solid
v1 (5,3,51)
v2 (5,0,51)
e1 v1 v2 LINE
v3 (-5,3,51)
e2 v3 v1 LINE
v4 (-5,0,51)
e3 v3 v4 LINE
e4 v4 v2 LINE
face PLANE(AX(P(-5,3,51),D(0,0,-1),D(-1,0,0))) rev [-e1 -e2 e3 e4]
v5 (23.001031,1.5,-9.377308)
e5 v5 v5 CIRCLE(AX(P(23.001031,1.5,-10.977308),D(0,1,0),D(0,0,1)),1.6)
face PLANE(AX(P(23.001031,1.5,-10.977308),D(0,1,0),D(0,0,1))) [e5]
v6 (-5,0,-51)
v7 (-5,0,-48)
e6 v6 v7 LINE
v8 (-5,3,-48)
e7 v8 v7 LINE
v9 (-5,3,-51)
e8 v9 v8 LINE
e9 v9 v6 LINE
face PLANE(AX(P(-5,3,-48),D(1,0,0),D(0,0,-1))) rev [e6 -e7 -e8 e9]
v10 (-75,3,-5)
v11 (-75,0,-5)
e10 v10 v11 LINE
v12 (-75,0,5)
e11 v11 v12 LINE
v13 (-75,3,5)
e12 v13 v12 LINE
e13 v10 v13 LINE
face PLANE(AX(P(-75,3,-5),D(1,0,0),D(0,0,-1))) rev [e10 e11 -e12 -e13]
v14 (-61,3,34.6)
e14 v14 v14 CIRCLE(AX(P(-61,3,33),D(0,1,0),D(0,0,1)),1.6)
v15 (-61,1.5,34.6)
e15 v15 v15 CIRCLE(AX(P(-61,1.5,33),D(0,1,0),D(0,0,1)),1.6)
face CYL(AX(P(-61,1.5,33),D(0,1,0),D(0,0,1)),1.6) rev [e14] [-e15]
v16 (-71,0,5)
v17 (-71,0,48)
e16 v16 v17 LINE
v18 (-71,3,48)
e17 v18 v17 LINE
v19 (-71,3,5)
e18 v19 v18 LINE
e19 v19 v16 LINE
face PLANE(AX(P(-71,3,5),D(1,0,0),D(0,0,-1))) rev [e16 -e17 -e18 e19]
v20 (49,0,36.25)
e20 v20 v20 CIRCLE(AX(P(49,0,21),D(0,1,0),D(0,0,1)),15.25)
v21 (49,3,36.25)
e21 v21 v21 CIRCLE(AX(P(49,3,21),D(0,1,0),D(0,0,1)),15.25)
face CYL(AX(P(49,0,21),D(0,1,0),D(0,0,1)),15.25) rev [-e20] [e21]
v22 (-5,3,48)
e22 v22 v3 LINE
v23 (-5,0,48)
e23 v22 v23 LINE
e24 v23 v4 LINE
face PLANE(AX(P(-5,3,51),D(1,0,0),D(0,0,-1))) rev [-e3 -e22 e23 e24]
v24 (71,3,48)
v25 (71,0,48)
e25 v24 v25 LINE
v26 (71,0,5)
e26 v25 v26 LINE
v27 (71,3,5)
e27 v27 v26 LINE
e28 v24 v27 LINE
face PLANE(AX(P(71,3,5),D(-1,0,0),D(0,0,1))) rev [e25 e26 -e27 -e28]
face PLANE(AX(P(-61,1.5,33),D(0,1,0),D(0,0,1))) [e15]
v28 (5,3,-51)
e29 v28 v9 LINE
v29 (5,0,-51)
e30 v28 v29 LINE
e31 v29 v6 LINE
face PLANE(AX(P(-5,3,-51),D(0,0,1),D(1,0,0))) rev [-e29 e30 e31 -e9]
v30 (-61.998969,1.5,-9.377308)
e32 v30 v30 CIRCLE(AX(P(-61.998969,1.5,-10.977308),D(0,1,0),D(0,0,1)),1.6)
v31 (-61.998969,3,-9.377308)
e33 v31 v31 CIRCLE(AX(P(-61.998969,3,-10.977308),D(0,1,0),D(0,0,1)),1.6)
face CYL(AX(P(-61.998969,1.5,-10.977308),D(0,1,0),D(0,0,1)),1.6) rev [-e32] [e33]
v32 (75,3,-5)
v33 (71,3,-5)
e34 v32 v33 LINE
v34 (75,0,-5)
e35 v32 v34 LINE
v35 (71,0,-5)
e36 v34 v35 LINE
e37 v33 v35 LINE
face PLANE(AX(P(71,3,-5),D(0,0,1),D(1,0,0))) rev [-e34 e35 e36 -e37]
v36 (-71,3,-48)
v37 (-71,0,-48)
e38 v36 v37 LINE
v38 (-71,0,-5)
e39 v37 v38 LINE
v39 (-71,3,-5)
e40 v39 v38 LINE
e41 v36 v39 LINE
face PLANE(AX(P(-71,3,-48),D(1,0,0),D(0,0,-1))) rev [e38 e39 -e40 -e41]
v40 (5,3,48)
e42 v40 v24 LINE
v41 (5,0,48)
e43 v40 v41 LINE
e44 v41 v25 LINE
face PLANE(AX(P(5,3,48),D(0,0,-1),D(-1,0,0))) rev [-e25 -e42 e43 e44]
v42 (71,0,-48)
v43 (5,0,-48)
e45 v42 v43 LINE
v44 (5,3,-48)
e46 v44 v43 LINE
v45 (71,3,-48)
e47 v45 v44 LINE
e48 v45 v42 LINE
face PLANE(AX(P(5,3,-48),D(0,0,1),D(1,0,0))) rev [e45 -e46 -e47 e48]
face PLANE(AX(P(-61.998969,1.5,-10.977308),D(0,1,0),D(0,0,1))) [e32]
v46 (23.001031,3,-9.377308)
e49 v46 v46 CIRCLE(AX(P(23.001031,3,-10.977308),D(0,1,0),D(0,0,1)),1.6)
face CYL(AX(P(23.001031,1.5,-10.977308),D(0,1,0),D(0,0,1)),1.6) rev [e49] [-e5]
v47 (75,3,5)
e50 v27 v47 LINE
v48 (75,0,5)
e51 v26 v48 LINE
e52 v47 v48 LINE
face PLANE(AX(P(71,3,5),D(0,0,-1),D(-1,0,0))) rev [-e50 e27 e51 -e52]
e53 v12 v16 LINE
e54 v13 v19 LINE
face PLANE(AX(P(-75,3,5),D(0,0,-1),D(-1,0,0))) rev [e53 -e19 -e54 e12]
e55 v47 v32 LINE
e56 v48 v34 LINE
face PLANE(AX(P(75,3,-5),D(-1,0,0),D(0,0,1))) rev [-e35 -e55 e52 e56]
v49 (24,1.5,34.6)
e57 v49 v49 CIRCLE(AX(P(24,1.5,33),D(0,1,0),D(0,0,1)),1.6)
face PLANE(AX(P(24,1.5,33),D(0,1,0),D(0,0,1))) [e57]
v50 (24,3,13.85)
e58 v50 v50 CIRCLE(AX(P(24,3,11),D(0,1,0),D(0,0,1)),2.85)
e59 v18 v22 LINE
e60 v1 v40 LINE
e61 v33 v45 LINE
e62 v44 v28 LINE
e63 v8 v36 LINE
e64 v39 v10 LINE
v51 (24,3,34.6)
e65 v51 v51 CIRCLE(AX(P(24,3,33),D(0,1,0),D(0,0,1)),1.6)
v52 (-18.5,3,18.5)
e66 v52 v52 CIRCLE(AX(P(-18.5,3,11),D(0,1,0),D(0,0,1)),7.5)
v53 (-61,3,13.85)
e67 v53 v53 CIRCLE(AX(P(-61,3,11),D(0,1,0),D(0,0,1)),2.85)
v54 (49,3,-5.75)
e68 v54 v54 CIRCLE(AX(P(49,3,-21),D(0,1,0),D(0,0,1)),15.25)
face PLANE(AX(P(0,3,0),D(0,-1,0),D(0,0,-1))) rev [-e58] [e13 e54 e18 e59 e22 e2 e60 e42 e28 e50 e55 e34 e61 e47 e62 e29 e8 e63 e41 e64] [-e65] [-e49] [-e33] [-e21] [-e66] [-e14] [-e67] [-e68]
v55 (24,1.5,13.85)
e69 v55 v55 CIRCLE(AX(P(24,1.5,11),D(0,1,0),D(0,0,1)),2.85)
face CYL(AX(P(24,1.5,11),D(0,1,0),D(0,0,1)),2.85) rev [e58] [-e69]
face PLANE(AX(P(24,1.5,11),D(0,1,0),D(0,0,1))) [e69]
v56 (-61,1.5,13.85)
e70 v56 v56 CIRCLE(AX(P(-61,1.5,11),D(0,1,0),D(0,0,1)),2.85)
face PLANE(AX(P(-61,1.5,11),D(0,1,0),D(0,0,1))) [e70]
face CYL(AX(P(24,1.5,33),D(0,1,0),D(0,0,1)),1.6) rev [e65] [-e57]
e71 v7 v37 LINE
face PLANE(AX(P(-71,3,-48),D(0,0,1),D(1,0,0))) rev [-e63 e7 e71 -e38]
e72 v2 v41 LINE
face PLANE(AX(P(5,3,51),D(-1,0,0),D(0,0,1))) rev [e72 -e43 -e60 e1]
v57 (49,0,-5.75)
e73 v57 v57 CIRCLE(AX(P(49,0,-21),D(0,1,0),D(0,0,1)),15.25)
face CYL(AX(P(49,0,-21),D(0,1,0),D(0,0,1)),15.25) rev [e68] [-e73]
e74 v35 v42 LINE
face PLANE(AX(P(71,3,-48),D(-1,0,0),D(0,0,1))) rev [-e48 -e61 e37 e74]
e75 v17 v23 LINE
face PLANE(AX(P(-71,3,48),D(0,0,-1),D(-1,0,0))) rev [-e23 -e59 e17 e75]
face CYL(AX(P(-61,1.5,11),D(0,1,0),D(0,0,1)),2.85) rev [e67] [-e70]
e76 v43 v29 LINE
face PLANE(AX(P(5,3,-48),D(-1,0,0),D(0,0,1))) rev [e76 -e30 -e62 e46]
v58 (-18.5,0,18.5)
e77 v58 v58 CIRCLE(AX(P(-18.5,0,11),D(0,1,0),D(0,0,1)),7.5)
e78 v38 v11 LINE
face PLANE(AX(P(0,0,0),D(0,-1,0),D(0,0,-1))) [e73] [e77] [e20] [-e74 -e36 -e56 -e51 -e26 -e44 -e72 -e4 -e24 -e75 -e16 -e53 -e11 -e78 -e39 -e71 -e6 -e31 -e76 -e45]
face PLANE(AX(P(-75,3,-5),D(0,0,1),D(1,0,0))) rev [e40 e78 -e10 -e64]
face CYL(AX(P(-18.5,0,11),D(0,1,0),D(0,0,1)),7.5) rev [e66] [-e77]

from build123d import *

# Parameters (mm, degrees)
EXTRUDE_1_DEPTH     = 3
SKETCH_2_R          = 1.6
SKETCH_2_R_2        = 2.85
CUT_EXTRUDE_3_DEPTH = 1.5
SKETCH_3_R          = 7.5
SKETCH_3_R_2        = 15.25
CUT_EXTRUDE_4_DEPTH = 3


with BuildPart() as part:
    # 草图1 → 凸台-拉伸1 (new body)
    with BuildSketch(Plane(origin=(0, 0, 0), x_dir=(1, 0, 0), z_dir=(0, 1, 0))):
        Polygon((5, 48), (71, 48), (71, 5), (75, 5), (75, -5), (71, -5), (71, -48), (5, -48), (5, -51), (-5, -51), (-5, -48), (-71, -48), (-71, -5), (-75, -5), (-75, 5), (-71, 5), (-71, 48), (-5, 48), (-5, 51), (5, 51), align=None)
    extrude(amount=EXTRUDE_1_DEPTH)

    # 草图2 → 切除-拉伸3 (cut)
    with BuildSketch(Plane(origin=(0, 3, 0), x_dir=(1, 0, 0), z_dir=(0, 1, 0))):
        with Locations(Location((-61, -33, 0), (0, 0, 270))):
            Circle(SKETCH_2_R)
        with Locations(Location((24, -33, 0), (0, 0, 270))):
            Circle(SKETCH_2_R)
        with Locations(Location((-61, -11, 0), (0, 0, 270))):
            Circle(SKETCH_2_R_2)
        with Locations(Location((24, -11, 0), (0, 0, 270))):
            Circle(SKETCH_2_R_2)
        with Locations(Location((-61.99896854, 10.977307885, 0), (0, 0, 270))):
            Circle(SKETCH_2_R)
        with Locations(Location((23.00103146, 10.977307885, 0), (0, 0, 270))):
            Circle(SKETCH_2_R)
    extrude(amount=-CUT_EXTRUDE_3_DEPTH, mode=Mode.SUBTRACT)

    # 草图3 → 切除-拉伸4 (cut)
    with BuildSketch(Plane(origin=(0, 3, 0), x_dir=(1, 0, 0), z_dir=(0, 1, 0))):
        with Locations(Location((-18.5, -11, 0), (0, 0, 270))):
            Circle(SKETCH_3_R)
        with Locations(Location((49, -21, 0), (0, 0, 270))):
            Circle(SKETCH_3_R_2)
        with Locations(Location((49, 21, 0), (0, 0, 270))):
            Circle(SKETCH_3_R_2)
    extrude(amount=-CUT_EXTRUDE_4_DEPTH, mode=Mode.SUBTRACT)


solid = part.part
